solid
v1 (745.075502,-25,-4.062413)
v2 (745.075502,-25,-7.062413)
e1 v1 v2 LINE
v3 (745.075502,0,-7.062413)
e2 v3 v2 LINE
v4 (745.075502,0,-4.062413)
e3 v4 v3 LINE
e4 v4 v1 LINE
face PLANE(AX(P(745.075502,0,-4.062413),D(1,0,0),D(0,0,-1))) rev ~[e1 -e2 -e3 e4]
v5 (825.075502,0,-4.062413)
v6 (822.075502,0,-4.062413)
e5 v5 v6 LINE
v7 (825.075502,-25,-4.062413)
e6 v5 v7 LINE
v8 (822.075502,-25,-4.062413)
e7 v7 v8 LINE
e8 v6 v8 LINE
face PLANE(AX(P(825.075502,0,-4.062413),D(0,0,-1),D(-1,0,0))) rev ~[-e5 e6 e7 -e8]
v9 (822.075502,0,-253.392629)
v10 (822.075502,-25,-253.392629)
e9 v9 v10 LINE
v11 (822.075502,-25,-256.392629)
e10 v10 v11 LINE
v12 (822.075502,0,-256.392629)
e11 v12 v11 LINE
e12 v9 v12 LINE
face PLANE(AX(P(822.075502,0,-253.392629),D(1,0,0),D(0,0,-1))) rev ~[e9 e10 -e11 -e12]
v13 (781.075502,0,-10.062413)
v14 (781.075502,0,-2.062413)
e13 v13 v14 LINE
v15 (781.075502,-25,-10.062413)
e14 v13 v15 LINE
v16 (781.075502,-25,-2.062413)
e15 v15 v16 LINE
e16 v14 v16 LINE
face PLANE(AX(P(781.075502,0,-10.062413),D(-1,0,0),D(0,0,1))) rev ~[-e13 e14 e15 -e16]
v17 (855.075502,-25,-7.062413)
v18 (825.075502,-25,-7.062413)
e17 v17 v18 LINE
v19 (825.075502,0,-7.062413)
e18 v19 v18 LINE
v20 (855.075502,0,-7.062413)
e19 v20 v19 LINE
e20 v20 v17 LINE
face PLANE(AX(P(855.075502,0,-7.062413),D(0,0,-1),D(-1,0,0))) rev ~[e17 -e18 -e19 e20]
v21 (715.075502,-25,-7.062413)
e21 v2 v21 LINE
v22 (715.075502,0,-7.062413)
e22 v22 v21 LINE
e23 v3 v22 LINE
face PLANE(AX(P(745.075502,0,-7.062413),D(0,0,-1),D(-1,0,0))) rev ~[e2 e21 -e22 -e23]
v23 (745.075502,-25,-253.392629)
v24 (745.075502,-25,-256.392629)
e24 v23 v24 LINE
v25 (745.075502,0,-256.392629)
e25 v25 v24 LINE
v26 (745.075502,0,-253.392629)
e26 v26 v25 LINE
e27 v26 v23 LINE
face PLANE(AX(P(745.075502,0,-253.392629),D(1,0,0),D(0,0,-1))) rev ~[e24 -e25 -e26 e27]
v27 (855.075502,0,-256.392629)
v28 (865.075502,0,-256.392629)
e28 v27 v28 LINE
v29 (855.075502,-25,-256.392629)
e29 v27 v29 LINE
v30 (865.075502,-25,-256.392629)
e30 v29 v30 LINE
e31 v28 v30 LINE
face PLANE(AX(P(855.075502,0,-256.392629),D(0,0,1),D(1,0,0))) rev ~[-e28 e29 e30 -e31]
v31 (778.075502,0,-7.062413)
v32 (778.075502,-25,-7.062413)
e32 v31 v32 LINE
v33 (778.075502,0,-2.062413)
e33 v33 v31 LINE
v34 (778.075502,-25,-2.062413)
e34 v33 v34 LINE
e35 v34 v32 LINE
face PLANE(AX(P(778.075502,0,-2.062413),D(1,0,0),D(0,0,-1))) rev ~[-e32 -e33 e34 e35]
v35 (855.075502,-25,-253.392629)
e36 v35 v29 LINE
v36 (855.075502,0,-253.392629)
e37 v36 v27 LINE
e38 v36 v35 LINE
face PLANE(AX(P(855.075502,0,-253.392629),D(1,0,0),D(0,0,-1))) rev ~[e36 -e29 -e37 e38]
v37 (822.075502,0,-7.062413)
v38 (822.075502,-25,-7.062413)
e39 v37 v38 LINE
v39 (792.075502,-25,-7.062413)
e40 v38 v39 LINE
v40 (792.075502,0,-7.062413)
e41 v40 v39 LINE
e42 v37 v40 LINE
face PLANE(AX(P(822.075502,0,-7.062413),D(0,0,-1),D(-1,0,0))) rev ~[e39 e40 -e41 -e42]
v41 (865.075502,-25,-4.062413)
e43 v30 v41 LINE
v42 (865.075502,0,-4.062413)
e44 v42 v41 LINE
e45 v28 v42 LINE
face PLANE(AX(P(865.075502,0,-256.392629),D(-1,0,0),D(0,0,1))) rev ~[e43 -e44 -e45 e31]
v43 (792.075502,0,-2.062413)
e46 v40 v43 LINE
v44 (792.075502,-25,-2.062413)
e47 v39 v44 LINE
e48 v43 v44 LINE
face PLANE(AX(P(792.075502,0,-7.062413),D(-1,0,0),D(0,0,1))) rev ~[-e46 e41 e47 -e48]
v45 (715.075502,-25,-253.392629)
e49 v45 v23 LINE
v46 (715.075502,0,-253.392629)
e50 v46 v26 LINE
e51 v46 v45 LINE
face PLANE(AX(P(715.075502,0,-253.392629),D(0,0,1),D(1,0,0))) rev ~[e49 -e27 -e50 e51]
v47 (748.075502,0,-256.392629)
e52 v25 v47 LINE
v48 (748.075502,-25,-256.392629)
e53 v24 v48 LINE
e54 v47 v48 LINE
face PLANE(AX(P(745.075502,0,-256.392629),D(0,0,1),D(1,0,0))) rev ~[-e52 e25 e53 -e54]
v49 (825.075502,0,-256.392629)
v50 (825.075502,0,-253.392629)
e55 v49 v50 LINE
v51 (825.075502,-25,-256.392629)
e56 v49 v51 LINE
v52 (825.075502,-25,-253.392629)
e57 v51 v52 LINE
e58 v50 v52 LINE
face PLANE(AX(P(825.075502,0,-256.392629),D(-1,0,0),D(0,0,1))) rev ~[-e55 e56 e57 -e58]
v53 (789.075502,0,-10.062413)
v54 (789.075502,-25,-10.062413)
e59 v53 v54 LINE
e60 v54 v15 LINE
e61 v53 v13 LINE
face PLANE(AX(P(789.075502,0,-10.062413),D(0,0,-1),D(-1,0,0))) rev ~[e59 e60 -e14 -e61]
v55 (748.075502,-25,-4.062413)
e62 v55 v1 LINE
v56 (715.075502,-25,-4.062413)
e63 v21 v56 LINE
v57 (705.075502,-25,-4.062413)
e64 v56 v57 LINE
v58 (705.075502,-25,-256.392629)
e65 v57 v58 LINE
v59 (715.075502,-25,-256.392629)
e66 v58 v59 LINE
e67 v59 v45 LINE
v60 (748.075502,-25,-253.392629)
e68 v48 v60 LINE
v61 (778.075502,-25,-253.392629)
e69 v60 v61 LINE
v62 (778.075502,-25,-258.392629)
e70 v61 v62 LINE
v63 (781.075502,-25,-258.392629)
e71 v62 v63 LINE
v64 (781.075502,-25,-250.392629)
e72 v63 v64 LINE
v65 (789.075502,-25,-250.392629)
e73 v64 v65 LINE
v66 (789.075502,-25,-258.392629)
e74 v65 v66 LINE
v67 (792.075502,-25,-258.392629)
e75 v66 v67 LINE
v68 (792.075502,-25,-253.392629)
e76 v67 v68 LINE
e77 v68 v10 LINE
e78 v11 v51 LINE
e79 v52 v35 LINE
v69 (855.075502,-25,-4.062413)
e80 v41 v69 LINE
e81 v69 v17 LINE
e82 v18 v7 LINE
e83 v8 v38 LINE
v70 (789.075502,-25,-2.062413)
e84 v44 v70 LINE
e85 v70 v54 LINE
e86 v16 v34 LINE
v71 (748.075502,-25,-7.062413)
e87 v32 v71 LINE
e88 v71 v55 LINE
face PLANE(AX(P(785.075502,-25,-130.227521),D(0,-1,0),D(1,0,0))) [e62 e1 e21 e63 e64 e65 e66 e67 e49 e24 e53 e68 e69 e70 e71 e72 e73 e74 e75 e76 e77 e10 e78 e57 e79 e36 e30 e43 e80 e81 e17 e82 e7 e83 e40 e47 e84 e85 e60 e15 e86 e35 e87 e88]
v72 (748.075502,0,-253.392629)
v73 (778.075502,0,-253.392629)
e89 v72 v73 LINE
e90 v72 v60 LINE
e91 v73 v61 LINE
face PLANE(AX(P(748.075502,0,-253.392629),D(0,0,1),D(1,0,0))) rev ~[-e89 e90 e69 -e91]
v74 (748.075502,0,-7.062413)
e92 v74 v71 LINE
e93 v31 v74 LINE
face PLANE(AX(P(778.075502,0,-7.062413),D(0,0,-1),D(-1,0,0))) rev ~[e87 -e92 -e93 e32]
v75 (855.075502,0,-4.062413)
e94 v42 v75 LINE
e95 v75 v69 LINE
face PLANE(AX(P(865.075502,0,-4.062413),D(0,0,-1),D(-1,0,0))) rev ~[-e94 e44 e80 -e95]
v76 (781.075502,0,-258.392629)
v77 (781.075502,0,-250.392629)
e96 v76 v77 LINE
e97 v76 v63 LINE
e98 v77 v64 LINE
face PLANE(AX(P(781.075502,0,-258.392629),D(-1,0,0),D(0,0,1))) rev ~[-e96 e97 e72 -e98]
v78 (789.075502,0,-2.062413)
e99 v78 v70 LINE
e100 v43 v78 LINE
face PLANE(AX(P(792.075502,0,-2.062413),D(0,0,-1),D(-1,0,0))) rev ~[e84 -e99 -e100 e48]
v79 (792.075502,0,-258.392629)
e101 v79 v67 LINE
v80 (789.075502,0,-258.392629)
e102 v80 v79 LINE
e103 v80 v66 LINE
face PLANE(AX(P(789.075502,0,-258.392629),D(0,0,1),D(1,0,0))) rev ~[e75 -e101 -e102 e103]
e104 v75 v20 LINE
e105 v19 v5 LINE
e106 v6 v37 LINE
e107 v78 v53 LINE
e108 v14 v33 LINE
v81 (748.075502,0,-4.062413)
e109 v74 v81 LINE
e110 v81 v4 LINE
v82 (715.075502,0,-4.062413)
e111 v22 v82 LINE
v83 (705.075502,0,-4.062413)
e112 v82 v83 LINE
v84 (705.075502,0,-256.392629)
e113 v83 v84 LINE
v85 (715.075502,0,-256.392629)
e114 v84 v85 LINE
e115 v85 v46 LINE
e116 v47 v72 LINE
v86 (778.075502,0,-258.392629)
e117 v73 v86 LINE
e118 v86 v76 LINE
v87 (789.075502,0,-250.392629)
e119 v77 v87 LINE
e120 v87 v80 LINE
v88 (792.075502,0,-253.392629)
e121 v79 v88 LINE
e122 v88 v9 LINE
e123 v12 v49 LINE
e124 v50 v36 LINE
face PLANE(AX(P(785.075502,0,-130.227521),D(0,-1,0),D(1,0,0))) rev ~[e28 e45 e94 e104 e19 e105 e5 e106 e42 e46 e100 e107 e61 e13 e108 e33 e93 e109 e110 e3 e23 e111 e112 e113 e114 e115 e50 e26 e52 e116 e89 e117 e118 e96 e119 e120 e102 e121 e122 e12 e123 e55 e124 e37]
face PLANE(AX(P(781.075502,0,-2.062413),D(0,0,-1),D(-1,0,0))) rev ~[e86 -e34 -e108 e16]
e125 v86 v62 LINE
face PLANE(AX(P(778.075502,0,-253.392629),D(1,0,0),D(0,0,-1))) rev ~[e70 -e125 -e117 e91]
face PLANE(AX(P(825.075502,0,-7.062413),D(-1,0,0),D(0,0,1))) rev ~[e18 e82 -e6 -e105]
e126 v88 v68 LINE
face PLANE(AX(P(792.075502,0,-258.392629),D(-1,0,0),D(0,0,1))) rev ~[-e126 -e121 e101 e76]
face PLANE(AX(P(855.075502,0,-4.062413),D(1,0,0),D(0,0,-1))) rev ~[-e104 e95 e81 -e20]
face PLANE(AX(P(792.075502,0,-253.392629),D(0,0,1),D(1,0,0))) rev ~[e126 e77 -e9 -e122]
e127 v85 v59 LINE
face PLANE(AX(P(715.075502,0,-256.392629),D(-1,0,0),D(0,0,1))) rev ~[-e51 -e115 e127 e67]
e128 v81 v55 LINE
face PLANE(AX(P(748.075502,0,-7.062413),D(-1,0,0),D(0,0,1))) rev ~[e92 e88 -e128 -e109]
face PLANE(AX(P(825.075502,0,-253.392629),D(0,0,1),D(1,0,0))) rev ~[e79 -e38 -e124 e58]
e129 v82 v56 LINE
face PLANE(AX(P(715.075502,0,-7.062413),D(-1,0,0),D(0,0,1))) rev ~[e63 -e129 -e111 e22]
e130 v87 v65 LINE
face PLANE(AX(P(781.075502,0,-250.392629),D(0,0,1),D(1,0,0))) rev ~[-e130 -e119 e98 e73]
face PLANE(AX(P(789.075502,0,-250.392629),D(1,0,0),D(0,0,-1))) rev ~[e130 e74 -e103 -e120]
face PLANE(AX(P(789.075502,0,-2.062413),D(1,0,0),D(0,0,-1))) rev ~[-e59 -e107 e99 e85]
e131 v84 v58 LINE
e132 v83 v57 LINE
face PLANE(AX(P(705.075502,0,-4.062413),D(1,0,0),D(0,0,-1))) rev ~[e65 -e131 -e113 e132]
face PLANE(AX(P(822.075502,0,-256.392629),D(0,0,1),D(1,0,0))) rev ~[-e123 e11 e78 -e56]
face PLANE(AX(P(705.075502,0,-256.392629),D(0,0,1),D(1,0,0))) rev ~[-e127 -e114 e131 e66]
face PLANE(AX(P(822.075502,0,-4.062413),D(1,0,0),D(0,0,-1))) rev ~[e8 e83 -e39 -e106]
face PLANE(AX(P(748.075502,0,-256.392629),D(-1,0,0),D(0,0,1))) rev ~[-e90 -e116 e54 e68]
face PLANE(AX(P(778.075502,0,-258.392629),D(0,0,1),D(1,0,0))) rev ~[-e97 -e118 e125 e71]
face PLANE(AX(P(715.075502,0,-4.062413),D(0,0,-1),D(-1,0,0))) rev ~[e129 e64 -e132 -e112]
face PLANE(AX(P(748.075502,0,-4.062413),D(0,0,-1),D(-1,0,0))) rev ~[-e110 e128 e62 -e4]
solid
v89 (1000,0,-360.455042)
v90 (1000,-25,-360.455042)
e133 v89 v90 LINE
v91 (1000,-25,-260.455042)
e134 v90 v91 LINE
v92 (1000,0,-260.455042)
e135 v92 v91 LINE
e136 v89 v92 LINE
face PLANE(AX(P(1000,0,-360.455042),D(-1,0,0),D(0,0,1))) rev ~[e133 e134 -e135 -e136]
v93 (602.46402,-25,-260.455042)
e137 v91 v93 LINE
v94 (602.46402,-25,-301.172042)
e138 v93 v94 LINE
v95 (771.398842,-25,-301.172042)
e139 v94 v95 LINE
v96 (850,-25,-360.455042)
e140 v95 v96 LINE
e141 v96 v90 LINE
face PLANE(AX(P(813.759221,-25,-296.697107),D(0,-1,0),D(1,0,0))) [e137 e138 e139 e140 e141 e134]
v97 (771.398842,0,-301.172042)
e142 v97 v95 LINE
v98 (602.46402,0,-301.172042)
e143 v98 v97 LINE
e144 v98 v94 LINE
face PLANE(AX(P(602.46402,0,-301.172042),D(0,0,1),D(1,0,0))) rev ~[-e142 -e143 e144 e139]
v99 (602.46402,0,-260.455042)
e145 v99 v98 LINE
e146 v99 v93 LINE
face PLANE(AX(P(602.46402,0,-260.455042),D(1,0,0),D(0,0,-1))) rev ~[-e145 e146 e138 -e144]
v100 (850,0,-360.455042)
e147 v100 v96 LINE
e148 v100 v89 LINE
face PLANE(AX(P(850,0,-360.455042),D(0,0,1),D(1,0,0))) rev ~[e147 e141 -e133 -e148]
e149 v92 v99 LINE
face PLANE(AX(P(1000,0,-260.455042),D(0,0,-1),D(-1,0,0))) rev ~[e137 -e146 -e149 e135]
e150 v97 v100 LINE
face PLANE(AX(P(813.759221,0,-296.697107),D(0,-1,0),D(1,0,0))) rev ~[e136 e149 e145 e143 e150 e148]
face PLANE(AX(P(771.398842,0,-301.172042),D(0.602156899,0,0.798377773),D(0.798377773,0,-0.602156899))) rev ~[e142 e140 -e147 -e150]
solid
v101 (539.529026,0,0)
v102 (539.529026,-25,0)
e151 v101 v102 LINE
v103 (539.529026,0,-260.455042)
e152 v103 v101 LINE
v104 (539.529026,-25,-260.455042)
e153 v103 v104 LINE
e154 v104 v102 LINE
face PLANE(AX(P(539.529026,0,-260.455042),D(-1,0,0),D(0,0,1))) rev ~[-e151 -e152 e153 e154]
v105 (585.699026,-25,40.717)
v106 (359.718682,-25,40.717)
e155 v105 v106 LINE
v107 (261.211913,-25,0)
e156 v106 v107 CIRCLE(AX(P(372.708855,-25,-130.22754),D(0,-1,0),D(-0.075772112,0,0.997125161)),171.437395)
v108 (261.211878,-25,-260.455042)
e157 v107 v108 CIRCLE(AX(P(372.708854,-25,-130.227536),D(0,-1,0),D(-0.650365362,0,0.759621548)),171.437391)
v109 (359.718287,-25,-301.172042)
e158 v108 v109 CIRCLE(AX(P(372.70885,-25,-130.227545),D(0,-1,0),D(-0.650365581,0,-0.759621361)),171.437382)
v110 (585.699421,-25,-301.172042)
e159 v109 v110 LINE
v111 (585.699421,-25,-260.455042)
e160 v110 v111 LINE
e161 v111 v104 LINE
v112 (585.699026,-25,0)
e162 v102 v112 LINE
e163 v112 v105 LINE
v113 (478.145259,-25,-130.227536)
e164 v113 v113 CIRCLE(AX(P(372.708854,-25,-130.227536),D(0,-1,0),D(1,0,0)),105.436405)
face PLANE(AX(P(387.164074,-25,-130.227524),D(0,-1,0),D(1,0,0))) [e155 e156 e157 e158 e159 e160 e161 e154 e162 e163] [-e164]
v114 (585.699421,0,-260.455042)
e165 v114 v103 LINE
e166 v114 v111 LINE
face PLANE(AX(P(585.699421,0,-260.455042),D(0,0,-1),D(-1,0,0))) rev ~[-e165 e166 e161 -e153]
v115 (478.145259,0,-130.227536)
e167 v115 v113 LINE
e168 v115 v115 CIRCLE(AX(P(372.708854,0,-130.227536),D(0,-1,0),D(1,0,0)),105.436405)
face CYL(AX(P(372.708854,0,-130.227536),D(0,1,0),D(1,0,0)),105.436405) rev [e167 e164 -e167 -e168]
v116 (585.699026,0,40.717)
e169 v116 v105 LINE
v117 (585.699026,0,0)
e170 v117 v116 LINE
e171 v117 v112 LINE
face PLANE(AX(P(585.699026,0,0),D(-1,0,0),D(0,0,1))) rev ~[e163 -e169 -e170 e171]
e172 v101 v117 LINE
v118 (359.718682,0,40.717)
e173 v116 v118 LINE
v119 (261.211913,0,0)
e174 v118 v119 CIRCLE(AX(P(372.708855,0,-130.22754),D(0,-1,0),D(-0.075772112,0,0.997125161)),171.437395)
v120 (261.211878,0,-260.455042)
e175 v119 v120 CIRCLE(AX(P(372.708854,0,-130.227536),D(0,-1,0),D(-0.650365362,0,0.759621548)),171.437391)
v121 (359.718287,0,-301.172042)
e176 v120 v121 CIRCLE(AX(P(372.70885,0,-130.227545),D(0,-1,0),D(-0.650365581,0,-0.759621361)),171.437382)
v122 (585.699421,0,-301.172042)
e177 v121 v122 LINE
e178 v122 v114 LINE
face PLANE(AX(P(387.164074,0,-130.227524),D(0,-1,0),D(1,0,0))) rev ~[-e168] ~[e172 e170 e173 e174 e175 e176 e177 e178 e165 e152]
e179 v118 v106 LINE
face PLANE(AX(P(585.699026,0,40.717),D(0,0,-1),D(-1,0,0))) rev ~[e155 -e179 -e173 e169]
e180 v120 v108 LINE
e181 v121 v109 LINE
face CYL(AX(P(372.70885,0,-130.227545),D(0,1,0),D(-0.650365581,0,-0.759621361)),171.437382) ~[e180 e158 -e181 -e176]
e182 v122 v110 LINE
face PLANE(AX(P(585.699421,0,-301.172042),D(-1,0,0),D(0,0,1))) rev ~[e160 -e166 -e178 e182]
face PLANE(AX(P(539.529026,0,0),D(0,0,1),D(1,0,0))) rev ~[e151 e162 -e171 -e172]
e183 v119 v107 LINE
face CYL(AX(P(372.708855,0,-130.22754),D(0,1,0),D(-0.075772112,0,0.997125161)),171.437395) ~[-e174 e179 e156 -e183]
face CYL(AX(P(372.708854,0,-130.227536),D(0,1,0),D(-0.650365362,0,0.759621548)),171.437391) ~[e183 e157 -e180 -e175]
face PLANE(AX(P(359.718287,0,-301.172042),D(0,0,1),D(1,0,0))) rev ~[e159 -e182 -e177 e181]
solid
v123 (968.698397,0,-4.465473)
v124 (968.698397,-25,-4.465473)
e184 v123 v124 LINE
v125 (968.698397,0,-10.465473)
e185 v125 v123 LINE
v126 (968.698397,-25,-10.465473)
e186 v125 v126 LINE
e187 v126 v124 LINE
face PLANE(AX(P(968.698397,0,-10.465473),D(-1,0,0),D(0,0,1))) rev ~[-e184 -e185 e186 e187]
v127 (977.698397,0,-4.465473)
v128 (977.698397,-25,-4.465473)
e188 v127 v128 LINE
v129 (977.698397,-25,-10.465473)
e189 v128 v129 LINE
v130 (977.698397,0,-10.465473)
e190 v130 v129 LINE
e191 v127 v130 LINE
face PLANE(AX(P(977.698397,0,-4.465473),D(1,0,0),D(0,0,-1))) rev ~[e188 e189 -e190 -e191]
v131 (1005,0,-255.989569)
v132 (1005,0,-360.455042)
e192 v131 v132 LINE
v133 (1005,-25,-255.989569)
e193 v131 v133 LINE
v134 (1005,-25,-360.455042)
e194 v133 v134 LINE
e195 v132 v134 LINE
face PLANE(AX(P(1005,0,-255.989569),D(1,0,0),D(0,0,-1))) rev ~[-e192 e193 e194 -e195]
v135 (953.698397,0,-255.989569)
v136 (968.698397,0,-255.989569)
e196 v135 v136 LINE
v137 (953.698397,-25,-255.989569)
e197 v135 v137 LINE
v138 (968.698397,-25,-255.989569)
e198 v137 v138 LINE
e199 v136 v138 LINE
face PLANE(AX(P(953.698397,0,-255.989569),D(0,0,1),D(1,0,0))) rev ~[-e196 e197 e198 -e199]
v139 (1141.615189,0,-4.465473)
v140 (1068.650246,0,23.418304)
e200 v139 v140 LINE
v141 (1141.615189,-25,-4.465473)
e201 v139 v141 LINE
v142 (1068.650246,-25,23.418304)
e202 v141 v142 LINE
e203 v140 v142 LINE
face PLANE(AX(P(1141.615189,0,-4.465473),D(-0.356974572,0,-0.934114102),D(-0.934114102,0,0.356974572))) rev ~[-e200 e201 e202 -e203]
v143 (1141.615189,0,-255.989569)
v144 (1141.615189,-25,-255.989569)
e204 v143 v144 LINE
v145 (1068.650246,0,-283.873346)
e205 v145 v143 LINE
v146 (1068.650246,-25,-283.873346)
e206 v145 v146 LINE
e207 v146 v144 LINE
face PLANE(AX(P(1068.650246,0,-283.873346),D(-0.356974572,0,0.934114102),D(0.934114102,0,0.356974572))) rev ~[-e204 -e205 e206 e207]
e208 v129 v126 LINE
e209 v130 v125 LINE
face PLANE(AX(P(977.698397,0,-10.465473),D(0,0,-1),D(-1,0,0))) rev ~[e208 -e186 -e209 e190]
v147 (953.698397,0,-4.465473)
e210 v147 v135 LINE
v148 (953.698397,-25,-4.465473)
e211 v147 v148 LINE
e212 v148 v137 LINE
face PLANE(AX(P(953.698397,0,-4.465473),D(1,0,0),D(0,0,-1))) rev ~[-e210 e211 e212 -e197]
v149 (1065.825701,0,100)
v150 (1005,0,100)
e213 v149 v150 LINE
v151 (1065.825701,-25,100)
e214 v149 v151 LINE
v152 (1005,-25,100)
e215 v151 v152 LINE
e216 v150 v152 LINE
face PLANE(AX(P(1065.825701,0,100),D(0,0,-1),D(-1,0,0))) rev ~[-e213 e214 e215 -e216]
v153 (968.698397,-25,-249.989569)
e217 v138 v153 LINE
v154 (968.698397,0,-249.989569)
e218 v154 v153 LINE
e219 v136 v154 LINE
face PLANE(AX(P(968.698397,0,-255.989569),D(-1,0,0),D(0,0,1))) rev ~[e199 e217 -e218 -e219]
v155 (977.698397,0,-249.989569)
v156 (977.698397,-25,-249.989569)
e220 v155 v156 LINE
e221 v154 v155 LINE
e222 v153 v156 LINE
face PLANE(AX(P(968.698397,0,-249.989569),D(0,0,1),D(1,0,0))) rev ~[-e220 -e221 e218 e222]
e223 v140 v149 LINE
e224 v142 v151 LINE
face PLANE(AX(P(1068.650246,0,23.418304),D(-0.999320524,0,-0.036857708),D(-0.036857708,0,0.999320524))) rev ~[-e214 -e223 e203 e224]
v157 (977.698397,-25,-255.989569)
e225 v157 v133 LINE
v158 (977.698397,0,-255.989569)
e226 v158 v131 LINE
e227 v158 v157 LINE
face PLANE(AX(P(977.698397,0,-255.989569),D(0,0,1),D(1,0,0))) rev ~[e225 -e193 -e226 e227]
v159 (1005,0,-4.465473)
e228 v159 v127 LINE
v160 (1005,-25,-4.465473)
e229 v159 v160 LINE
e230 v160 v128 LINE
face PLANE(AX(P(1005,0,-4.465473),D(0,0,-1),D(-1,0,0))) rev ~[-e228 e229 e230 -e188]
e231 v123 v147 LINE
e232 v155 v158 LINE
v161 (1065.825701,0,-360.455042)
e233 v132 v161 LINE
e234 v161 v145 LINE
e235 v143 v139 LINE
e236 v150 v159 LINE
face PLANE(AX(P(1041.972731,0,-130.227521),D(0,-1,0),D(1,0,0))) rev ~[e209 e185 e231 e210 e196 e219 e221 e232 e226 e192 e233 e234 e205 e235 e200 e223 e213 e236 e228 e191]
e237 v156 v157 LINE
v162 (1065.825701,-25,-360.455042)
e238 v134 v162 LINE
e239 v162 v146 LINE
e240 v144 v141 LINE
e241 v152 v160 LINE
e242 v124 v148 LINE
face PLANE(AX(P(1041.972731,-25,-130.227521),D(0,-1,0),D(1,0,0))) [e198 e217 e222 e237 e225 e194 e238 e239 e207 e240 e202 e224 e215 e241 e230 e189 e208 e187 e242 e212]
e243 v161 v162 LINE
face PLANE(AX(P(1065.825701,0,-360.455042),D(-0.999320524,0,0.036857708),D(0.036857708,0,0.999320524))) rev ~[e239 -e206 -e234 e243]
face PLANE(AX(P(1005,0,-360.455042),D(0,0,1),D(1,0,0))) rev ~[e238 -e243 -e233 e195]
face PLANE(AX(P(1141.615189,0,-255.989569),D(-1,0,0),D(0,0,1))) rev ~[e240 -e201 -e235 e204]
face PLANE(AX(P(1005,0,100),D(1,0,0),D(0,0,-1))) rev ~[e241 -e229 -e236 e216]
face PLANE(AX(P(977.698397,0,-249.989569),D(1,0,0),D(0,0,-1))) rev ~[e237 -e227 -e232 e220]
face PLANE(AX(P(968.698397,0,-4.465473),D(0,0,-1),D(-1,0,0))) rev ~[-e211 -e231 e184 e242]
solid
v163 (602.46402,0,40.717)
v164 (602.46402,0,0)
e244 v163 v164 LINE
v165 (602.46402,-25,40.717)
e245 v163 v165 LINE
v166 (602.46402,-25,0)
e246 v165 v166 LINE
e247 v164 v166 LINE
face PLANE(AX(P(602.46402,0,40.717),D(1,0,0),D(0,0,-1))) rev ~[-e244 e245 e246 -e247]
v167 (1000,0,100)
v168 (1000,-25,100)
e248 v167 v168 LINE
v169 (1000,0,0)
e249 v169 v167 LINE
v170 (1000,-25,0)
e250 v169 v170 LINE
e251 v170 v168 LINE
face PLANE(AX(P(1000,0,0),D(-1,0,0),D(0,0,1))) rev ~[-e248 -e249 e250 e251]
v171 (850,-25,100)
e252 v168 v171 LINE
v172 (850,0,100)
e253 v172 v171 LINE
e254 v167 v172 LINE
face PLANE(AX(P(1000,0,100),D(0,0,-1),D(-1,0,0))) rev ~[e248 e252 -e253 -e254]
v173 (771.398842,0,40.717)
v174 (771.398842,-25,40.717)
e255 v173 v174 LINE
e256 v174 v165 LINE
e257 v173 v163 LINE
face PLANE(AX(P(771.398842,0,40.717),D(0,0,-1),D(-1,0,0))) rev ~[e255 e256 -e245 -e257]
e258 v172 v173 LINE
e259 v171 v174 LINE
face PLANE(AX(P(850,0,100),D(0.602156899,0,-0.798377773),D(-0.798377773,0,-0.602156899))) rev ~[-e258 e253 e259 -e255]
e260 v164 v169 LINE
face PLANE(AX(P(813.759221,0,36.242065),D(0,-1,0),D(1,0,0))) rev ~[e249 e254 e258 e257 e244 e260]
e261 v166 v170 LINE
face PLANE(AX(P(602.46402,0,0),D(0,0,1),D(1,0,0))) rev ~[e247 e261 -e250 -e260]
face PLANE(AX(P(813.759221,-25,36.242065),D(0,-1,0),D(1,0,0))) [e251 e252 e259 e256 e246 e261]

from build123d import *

# Parameters (mm, degrees)
F1_DEPTH = 25
F0_R     = 105.436405
F2_DEPTH = 25


with BuildPart() as f1:
    # F0 (on Front) → F1 (new body)
    with BuildSketch(Plane.XZ):
        Polygon((705.075502, -4.062413), (705.075502, -130.227521), (705.075502, -256.392629), (715.075502, -256.392629), (715.075502, -253.392629), (745.075502, -253.392629), (745.075502, -256.392629), (748.075502, -256.392629), (748.075502, -253.392629), (778.075502, -253.392629), (778.075502, -258.392629), (781.075502, -258.392629), (781.075502, -250.392629), (789.075502, -250.392629), (789.075502, -258.392629), (792.075502, -258.392629), (792.075502, -253.392629), (822.075502, -253.392629), (822.075502, -256.392629), (825.075502, -256.392629), (825.075502, -253.392629), (855.075502, -253.392629), (855.075502, -256.392629), (865.075502, -256.392629), (865.075502, -130.227521), (865.075502, -4.062413), (855.075502, -4.062413), (855.075502, -7.062413), (825.075502, -7.062413), (825.075502, -4.062413), (822.075502, -4.062413), (822.075502, -7.062413), (792.075502, -7.062413), (792.075502, -2.062413), (789.075502, -2.062413), (789.075502, -10.062413), (781.075502, -10.062413), (781.075502, -2.062413), (778.075502, -2.062413), (778.075502, -7.062413), (748.075502, -7.062413), (748.075502, -4.062413), (745.075502, -4.062413), (745.075502, -7.062413), (715.075502, -7.062413), (715.075502, -4.062413), align=None)
        Polygon((1000, -260.455042), (602.46402, -260.455042), (602.46402, -301.172042), (771.398842, -301.172042), (850, -360.455042), (1000, -360.455042), align=None)
        Polygon((953.698397, -4.465473), (953.698397, -130.227521), (953.698397, -255.989569), (968.698397, -255.989569), (968.698397, -249.989569), (977.698397, -249.989569), (977.698397, -255.989569), (1005, -255.989569), (1005, -360.455042), (1065.825701, -360.455042), (1068.650246, -283.873346), (1141.615189, -255.989569), (1141.615189, -130.227521), (1141.615189, -4.465473), (1068.650246, 23.418304), (1065.825701, 100), (1005, 100), (1005, -4.465473), (977.698397, -4.465473), (977.698397, -10.465473), (968.698397, -10.465473), (968.698397, -4.465473), align=None)
        Polygon((602.46402, 40.717), (602.46402, 0), (1000, 0), (1000, 100), (850, 100), (771.398842, 40.717), align=None)
    extrude(amount=F1_DEPTH)


with BuildPart() as f2:
    # F0 (on Front) → F2 (new body)
    with BuildSketch(Plane.XZ):
        with BuildLine():
            Line((539.529026, -260.455042), (539.529026, 0))
            Line((539.529026, 0), (261.211913, 0))
            ThreePointArc((261.211913, 0), (201.271463, -130.227513), (261.211878, -260.455042))
            Line((261.211878, -260.455042), (539.529026, -260.455042))
        make_face()
        with Locations((372.708854, -130.227536)):
            Circle(F0_R, mode=Mode.SUBTRACT)
        with BuildLine():
            Line((261.211913, 0), (539.529026, 0))
            Line((539.529026, 0), (585.699026, 0))
            Line((585.699026, 0), (585.699026, 40.717))
            Line((585.699026, 40.717), (385.699026, 40.717))
            Line((385.699026, 40.717), (359.718682, 40.717))
            ThreePointArc((359.718682, 40.717), (307.220467, 28.208729), (261.211913, 0))
        make_face()
        with BuildLine():
            Line((585.699421, -260.455042), (539.529026, -260.455042))
            Line((539.529026, -260.455042), (261.211878, -260.455042))
            ThreePointArc((261.211878, -260.455042), (307.220262, -288.663717), (359.718287, -301.172042))
            Line((359.718287, -301.172042), (385.699421, -301.172042))
            Line((385.699421, -301.172042), (585.699421, -301.172042))
            Line((585.699421, -301.172042), (585.699421, -260.455042))
        make_face()
    extrude(amount=F2_DEPTH)


solid = Compound([f1.part, f2.part])
